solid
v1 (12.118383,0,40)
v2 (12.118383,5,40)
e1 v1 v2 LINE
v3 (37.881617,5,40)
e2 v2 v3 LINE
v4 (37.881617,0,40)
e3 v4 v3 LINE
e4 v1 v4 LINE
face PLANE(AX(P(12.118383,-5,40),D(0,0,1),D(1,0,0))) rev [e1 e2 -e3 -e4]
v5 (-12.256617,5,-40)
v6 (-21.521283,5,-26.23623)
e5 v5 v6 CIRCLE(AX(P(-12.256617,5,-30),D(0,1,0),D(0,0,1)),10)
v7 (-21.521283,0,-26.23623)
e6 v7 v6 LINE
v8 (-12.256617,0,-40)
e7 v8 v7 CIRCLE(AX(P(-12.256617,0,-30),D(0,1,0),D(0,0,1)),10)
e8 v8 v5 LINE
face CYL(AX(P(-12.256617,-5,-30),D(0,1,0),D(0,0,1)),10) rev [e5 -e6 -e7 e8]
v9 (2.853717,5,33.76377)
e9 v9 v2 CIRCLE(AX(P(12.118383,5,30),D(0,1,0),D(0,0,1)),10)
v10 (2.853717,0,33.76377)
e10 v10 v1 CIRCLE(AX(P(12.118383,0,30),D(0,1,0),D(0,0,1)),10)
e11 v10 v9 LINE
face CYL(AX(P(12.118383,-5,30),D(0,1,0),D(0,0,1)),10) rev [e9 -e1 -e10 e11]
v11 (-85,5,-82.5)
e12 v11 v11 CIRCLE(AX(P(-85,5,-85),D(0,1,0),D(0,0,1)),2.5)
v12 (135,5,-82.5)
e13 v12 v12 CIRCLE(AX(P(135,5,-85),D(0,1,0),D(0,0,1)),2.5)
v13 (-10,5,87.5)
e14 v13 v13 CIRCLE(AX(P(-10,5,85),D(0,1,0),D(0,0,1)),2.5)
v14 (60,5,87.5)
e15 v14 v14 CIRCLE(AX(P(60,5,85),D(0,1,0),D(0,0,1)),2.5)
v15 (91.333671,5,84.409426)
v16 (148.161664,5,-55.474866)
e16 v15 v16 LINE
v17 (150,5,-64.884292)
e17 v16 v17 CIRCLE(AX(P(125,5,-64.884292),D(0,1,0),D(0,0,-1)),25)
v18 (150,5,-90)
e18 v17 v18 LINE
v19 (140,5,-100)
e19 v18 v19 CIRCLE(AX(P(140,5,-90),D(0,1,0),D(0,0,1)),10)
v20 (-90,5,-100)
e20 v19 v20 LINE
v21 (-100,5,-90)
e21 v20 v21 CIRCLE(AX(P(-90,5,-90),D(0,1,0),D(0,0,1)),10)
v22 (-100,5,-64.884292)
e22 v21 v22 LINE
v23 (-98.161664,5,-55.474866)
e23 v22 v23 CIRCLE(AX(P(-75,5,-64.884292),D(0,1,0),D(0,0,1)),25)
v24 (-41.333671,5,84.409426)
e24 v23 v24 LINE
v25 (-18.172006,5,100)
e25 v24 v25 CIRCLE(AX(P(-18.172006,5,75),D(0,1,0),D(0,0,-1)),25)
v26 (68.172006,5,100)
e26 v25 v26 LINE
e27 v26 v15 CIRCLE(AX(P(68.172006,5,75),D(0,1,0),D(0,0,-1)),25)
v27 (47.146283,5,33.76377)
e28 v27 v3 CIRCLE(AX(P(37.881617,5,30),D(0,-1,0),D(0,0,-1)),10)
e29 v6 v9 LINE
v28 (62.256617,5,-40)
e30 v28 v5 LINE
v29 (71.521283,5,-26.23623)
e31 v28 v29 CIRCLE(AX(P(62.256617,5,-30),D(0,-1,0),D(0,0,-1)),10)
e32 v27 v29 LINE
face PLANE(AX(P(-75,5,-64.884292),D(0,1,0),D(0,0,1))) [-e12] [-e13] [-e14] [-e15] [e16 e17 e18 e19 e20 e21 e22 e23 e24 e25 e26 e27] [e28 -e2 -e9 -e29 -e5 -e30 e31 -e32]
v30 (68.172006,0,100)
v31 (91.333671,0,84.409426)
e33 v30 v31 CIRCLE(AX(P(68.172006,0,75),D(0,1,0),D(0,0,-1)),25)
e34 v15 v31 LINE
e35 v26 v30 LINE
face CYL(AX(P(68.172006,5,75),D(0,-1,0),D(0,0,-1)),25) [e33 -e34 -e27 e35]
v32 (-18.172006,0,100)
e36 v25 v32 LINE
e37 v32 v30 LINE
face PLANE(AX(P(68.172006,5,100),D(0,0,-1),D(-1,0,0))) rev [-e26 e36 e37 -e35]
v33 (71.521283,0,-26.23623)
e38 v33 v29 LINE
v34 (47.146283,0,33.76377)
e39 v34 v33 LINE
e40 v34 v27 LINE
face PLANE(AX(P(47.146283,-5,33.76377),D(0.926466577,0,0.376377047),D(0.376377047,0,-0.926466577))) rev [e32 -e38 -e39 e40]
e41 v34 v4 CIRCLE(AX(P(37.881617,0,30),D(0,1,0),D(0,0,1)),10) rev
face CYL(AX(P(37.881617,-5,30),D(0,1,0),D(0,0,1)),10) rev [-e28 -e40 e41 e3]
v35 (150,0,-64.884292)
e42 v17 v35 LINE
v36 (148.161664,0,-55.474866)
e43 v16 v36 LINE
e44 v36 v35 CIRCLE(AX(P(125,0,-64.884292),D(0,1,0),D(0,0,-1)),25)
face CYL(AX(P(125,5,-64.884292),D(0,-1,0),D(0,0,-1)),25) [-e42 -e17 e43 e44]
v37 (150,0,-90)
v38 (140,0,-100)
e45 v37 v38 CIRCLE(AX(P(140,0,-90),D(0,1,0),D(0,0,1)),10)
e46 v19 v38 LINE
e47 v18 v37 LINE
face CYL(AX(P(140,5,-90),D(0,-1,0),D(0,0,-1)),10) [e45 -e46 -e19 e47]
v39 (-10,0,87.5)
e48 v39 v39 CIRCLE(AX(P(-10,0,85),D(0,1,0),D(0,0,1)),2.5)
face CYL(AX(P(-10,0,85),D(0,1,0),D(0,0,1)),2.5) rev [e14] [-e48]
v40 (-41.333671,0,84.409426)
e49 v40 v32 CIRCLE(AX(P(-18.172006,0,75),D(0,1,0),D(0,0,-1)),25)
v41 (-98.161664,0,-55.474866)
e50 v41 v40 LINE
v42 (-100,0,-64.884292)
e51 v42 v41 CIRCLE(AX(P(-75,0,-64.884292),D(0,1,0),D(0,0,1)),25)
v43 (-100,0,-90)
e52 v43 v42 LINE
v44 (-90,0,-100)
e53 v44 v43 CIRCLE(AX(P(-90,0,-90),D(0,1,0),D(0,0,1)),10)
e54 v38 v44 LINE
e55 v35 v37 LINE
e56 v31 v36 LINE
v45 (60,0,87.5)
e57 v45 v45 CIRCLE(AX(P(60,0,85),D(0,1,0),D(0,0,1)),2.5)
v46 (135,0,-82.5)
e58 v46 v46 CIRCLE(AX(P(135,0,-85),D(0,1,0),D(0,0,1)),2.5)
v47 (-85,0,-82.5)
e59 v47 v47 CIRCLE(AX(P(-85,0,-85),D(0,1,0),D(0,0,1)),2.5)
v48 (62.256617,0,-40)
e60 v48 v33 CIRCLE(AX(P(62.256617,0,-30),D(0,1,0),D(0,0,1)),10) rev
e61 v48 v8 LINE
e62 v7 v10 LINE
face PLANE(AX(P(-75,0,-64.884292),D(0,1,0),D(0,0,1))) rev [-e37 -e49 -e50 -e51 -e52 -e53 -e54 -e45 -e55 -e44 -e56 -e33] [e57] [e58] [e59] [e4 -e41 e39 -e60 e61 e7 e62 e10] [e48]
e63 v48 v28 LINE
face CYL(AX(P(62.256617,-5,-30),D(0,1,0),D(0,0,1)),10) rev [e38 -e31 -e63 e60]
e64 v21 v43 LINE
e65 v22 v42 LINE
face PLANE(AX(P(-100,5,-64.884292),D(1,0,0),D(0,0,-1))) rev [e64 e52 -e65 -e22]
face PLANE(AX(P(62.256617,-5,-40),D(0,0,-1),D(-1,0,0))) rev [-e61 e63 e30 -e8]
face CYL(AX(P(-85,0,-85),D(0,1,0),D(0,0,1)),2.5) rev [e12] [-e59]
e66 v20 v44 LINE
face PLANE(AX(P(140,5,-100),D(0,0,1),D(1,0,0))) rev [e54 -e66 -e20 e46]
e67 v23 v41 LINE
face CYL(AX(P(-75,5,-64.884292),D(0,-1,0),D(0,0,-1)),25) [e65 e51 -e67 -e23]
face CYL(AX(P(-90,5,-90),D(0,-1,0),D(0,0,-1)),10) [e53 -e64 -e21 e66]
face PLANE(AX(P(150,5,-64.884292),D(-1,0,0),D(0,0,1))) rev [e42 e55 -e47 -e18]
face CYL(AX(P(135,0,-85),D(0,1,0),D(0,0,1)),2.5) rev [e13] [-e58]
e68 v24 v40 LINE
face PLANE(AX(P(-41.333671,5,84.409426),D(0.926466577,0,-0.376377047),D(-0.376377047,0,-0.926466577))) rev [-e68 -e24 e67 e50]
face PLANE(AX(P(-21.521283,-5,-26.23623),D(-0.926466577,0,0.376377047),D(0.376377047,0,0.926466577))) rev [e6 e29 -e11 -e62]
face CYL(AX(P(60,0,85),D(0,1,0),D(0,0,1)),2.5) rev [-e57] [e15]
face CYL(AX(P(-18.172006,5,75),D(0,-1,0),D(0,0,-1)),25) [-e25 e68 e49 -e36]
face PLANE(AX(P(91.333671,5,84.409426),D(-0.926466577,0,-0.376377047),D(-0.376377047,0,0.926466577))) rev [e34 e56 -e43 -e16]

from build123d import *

# Parameters (mm, degrees)
RESSALTO_EXTRUS_O1_DEPTH = 5
ESBO_O2_R                = 2.5
CORTE_EXTRUS_O1_DEPTH    = 5
CORTE_EXTRUS_O2_DEPTH    = 10


with BuildPart() as part:
    # Esboço1 → Ressalto-extrusão1 (new body)
    with BuildSketch(Plane(origin=(0, 0, 0), x_dir=(1, 0, 0), z_dir=(0, 1, 0))):
        with BuildLine():
            Line((68.172006189, -100), (-18.172006189, -100))
            ThreePointArc((-18.172006189, -100), (-32.132026705, -95.739282224), (-41.333670617, -84.409426174))
            Line((-41.333670617, -84.409426174), (-98.161664428, 55.474866284))
            ThreePointArc((-98.161664428, 55.474866284), (-99.536112271, 60.090630534), (-100, 64.884292458))
            Line((-100, 64.884292458), (-100, 90))
            ThreePointArc((-100, 90), (-97.071067812, 97.071067812), (-90, 100))
            Line((-90, 100), (140, 100))
            ThreePointArc((140, 100), (147.071067812, 97.071067812), (150, 90))
            Line((150, 90), (150, 64.884292458))
            ThreePointArc((150, 64.884292458), (149.536112271, 60.090630534), (148.161664428, 55.474866284))
            Line((148.161664428, 55.474866284), (91.333670617, -84.409426174))
            ThreePointArc((91.333670617, -84.409426174), (82.132026705, -95.739282224), (68.172006189, -100))
        make_face()
    extrude(amount=RESSALTO_EXTRUS_O1_DEPTH)

    # Esboço2 → Corte-extrusão1 (cut)
    with BuildSketch(Plane(origin=(0, 5, 0), x_dir=(1, 0, 0), z_dir=(0, 1, 0))):
        with Locations(Location((-85, 85, 0), (0, 0, 270))):
            Circle(ESBO_O2_R)
        with Locations(Location((-10, -85, 0), (0, 0, 270))):
            Circle(ESBO_O2_R)
        with Locations(Location((60, -85, 0), (0, 0, 270))):
            Circle(ESBO_O2_R)
        with Locations(Location((135, 85, 0), (0, 0, 270))):
            Circle(ESBO_O2_R)
    extrude(amount=-CORTE_EXTRUS_O1_DEPTH, mode=Mode.SUBTRACT)

    # Esboço3 → Corte-extrusão2 (cut)
    with BuildSketch(Plane(origin=(0, 5, 0), x_dir=(1, 0, 0), z_dir=(0, 1, 0))):
        with BuildLine():
            Line((-21.5212831, 26.23622953), (2.8537169, -33.76377047))
            ThreePointArc((2.8537169, -33.76377047), (6.534374465, -38.29571289), (12.118382671, -40))
            Line((12.118382671, -40), (37.881617329, -40))
            ThreePointArc((37.881617329, -40), (43.465625535, -38.29571289), (47.1462831, -33.76377047))
            Line((47.1462831, -33.76377047), (71.5212831, 26.23622953))
            ThreePointArc((71.5212831, 26.23622953), (70.552330218, 35.584008207), (62.256617329, 40))
            Line((62.256617329, 40), (-12.256617329, 40))
            ThreePointArc((-12.256617329, 40), (-20.552330218, 35.584008207), (-21.5212831, 26.23622953))
        make_face()
    extrude(amount=-CORTE_EXTRUS_O2_DEPTH, mode=Mode.SUBTRACT)


solid = part.part
